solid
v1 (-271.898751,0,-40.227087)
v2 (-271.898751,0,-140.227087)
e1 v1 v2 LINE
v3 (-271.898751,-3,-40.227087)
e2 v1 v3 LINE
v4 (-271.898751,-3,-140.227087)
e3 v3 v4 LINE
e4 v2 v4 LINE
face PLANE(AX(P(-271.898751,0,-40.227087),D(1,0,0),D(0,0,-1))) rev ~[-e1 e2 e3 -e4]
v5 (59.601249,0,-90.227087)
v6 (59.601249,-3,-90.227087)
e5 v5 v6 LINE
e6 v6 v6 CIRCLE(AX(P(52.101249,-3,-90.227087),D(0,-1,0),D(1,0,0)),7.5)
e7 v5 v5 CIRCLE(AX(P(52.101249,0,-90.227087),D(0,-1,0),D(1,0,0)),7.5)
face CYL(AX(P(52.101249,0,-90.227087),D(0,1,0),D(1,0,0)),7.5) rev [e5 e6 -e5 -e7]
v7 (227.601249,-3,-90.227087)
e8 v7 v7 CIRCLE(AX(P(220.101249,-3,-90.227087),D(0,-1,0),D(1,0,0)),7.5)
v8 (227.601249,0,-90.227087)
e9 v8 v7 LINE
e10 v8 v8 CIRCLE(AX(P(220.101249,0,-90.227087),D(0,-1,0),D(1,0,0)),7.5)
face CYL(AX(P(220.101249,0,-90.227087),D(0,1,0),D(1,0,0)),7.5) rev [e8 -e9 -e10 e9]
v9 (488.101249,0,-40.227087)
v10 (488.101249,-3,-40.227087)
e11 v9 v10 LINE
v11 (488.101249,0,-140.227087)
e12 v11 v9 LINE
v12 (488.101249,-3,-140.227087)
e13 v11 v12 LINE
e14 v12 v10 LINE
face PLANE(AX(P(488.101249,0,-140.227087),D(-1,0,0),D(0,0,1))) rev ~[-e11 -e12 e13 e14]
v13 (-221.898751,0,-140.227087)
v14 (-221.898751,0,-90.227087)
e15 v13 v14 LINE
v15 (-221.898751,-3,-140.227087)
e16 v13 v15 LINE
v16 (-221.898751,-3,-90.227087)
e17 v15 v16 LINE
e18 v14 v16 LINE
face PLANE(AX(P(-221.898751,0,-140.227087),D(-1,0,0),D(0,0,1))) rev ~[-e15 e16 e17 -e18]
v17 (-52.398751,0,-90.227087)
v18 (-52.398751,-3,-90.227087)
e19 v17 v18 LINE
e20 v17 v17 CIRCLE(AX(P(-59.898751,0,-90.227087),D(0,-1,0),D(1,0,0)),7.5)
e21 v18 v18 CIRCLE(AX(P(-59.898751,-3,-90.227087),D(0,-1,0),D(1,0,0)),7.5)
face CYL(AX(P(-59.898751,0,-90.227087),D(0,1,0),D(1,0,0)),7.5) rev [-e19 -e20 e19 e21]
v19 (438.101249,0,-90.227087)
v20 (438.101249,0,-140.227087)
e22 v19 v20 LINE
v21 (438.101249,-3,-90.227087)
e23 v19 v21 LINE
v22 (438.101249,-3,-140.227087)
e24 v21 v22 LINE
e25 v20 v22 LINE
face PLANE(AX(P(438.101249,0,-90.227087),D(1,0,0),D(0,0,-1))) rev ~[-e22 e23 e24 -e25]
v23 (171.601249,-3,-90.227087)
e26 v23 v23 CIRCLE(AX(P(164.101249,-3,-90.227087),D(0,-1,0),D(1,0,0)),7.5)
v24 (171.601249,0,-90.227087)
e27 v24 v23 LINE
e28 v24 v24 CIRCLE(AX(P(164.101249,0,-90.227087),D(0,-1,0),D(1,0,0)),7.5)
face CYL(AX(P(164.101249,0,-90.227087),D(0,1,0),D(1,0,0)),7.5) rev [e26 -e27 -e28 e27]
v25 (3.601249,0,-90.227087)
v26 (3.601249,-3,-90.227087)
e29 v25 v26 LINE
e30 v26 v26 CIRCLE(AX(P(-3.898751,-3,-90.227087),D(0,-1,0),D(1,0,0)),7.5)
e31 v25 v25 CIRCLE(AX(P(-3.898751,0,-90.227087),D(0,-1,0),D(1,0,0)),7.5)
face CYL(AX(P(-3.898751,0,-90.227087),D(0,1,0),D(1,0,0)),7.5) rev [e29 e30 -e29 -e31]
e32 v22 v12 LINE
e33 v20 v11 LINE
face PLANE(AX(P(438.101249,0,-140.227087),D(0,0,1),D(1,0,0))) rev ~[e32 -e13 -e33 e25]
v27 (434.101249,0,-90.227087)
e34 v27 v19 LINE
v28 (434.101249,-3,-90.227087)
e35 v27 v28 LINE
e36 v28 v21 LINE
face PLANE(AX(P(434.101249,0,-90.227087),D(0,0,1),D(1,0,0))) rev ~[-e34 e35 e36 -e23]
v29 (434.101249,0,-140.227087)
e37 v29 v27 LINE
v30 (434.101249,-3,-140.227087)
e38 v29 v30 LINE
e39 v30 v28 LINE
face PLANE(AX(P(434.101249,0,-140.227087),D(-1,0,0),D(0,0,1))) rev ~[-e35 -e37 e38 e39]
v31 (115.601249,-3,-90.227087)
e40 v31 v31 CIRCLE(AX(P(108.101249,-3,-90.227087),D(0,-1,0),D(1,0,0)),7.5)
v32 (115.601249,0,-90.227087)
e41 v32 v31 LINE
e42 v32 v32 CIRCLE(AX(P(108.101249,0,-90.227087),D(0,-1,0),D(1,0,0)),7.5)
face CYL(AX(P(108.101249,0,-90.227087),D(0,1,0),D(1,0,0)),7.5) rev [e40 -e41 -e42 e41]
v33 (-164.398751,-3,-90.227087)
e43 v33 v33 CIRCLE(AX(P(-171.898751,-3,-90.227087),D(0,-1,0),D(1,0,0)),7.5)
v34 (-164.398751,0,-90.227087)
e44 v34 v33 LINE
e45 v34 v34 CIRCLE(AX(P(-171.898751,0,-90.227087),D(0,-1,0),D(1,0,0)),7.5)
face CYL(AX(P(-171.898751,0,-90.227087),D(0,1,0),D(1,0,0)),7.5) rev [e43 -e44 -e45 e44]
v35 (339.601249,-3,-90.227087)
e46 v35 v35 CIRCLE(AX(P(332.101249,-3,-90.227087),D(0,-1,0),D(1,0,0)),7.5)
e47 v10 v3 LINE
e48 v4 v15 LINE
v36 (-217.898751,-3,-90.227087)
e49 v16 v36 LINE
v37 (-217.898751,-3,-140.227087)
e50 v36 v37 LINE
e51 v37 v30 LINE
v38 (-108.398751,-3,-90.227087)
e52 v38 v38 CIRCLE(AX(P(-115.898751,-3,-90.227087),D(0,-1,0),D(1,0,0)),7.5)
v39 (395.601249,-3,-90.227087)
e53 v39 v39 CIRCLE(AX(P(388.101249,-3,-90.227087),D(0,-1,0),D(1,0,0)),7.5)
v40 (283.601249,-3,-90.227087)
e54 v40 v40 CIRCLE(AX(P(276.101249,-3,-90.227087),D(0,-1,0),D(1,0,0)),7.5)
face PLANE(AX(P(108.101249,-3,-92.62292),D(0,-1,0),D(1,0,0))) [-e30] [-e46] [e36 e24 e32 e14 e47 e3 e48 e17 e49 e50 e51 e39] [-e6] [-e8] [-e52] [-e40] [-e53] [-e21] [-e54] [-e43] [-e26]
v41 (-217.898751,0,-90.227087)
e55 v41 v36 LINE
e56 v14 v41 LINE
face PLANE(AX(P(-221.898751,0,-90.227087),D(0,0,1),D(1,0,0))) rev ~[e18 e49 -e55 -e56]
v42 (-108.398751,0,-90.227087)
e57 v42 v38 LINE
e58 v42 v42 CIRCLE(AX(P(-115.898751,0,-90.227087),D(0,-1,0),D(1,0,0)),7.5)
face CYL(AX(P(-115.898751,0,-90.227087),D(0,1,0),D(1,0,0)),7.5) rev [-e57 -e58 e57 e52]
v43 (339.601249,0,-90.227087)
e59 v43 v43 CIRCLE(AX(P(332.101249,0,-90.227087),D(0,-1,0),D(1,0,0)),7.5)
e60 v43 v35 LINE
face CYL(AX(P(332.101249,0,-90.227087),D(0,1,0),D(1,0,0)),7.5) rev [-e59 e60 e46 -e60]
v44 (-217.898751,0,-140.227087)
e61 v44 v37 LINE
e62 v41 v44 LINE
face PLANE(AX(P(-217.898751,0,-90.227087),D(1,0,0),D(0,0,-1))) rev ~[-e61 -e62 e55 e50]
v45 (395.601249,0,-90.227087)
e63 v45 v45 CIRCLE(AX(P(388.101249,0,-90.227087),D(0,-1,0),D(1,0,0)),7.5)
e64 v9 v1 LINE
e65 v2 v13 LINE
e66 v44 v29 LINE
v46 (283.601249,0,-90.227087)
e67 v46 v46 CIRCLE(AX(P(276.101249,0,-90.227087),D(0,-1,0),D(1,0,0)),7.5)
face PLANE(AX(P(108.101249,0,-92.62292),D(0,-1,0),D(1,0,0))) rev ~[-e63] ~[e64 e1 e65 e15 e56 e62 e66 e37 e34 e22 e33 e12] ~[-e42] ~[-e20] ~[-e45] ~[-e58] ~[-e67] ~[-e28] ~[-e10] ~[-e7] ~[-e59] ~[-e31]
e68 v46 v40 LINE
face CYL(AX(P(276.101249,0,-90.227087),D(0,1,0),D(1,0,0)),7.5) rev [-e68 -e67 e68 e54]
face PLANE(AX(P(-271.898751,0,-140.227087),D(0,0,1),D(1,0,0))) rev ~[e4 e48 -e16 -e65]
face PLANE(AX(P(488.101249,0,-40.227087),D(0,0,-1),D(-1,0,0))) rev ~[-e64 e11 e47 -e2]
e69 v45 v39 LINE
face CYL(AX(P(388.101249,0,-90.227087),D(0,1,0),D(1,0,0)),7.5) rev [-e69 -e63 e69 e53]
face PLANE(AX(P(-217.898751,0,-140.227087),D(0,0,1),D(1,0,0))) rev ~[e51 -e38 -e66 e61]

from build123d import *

# Parameters (mm, degrees)
F0_R     = 7.5
F1_DEPTH = 3


with BuildPart() as f1:
    # F0 (on Front) → F1 (new body)
    with BuildSketch(Plane.XZ):
        Polygon((488.101249, -40.227087), (-271.898751, -40.227087), (-271.898751, -140.227087), (-221.898751, -140.227087), (-221.898751, -90.227087), (-217.898751, -90.227087), (-217.898751, -140.227087), (434.101249, -140.227087), (434.101249, -90.227087), (438.101249, -90.227087), (438.101249, -140.227087), (488.101249, -140.227087), align=None)
        with Locations((-171.898751, -90.227087)):
            Circle(F0_R, mode=Mode.SUBTRACT)
        with Locations((-115.898751, -90.227087)):
            Circle(F0_R, mode=Mode.SUBTRACT)
        with Locations((-59.898751, -90.227087)):
            Circle(F0_R, mode=Mode.SUBTRACT)
        with Locations((-3.898751, -90.227087)):
            Circle(F0_R, mode=Mode.SUBTRACT)
        with Locations((52.101249, -90.227087)):
            Circle(F0_R, mode=Mode.SUBTRACT)
        with Locations((108.101249, -90.227087)):
            Circle(F0_R, mode=Mode.SUBTRACT)
        with Locations((164.101249, -90.227087)):
            Circle(F0_R, mode=Mode.SUBTRACT)
        with Locations((220.101249, -90.227087)):
            Circle(F0_R, mode=Mode.SUBTRACT)
        with Locations((276.101249, -90.227087)):
            Circle(F0_R, mode=Mode.SUBTRACT)
        with Locations((332.101249, -90.227087)):
            Circle(F0_R, mode=Mode.SUBTRACT)
        with Locations((388.101249, -90.227087)):
            Circle(F0_R, mode=Mode.SUBTRACT)
    extrude(amount=F1_DEPTH)


solid = f1.part
